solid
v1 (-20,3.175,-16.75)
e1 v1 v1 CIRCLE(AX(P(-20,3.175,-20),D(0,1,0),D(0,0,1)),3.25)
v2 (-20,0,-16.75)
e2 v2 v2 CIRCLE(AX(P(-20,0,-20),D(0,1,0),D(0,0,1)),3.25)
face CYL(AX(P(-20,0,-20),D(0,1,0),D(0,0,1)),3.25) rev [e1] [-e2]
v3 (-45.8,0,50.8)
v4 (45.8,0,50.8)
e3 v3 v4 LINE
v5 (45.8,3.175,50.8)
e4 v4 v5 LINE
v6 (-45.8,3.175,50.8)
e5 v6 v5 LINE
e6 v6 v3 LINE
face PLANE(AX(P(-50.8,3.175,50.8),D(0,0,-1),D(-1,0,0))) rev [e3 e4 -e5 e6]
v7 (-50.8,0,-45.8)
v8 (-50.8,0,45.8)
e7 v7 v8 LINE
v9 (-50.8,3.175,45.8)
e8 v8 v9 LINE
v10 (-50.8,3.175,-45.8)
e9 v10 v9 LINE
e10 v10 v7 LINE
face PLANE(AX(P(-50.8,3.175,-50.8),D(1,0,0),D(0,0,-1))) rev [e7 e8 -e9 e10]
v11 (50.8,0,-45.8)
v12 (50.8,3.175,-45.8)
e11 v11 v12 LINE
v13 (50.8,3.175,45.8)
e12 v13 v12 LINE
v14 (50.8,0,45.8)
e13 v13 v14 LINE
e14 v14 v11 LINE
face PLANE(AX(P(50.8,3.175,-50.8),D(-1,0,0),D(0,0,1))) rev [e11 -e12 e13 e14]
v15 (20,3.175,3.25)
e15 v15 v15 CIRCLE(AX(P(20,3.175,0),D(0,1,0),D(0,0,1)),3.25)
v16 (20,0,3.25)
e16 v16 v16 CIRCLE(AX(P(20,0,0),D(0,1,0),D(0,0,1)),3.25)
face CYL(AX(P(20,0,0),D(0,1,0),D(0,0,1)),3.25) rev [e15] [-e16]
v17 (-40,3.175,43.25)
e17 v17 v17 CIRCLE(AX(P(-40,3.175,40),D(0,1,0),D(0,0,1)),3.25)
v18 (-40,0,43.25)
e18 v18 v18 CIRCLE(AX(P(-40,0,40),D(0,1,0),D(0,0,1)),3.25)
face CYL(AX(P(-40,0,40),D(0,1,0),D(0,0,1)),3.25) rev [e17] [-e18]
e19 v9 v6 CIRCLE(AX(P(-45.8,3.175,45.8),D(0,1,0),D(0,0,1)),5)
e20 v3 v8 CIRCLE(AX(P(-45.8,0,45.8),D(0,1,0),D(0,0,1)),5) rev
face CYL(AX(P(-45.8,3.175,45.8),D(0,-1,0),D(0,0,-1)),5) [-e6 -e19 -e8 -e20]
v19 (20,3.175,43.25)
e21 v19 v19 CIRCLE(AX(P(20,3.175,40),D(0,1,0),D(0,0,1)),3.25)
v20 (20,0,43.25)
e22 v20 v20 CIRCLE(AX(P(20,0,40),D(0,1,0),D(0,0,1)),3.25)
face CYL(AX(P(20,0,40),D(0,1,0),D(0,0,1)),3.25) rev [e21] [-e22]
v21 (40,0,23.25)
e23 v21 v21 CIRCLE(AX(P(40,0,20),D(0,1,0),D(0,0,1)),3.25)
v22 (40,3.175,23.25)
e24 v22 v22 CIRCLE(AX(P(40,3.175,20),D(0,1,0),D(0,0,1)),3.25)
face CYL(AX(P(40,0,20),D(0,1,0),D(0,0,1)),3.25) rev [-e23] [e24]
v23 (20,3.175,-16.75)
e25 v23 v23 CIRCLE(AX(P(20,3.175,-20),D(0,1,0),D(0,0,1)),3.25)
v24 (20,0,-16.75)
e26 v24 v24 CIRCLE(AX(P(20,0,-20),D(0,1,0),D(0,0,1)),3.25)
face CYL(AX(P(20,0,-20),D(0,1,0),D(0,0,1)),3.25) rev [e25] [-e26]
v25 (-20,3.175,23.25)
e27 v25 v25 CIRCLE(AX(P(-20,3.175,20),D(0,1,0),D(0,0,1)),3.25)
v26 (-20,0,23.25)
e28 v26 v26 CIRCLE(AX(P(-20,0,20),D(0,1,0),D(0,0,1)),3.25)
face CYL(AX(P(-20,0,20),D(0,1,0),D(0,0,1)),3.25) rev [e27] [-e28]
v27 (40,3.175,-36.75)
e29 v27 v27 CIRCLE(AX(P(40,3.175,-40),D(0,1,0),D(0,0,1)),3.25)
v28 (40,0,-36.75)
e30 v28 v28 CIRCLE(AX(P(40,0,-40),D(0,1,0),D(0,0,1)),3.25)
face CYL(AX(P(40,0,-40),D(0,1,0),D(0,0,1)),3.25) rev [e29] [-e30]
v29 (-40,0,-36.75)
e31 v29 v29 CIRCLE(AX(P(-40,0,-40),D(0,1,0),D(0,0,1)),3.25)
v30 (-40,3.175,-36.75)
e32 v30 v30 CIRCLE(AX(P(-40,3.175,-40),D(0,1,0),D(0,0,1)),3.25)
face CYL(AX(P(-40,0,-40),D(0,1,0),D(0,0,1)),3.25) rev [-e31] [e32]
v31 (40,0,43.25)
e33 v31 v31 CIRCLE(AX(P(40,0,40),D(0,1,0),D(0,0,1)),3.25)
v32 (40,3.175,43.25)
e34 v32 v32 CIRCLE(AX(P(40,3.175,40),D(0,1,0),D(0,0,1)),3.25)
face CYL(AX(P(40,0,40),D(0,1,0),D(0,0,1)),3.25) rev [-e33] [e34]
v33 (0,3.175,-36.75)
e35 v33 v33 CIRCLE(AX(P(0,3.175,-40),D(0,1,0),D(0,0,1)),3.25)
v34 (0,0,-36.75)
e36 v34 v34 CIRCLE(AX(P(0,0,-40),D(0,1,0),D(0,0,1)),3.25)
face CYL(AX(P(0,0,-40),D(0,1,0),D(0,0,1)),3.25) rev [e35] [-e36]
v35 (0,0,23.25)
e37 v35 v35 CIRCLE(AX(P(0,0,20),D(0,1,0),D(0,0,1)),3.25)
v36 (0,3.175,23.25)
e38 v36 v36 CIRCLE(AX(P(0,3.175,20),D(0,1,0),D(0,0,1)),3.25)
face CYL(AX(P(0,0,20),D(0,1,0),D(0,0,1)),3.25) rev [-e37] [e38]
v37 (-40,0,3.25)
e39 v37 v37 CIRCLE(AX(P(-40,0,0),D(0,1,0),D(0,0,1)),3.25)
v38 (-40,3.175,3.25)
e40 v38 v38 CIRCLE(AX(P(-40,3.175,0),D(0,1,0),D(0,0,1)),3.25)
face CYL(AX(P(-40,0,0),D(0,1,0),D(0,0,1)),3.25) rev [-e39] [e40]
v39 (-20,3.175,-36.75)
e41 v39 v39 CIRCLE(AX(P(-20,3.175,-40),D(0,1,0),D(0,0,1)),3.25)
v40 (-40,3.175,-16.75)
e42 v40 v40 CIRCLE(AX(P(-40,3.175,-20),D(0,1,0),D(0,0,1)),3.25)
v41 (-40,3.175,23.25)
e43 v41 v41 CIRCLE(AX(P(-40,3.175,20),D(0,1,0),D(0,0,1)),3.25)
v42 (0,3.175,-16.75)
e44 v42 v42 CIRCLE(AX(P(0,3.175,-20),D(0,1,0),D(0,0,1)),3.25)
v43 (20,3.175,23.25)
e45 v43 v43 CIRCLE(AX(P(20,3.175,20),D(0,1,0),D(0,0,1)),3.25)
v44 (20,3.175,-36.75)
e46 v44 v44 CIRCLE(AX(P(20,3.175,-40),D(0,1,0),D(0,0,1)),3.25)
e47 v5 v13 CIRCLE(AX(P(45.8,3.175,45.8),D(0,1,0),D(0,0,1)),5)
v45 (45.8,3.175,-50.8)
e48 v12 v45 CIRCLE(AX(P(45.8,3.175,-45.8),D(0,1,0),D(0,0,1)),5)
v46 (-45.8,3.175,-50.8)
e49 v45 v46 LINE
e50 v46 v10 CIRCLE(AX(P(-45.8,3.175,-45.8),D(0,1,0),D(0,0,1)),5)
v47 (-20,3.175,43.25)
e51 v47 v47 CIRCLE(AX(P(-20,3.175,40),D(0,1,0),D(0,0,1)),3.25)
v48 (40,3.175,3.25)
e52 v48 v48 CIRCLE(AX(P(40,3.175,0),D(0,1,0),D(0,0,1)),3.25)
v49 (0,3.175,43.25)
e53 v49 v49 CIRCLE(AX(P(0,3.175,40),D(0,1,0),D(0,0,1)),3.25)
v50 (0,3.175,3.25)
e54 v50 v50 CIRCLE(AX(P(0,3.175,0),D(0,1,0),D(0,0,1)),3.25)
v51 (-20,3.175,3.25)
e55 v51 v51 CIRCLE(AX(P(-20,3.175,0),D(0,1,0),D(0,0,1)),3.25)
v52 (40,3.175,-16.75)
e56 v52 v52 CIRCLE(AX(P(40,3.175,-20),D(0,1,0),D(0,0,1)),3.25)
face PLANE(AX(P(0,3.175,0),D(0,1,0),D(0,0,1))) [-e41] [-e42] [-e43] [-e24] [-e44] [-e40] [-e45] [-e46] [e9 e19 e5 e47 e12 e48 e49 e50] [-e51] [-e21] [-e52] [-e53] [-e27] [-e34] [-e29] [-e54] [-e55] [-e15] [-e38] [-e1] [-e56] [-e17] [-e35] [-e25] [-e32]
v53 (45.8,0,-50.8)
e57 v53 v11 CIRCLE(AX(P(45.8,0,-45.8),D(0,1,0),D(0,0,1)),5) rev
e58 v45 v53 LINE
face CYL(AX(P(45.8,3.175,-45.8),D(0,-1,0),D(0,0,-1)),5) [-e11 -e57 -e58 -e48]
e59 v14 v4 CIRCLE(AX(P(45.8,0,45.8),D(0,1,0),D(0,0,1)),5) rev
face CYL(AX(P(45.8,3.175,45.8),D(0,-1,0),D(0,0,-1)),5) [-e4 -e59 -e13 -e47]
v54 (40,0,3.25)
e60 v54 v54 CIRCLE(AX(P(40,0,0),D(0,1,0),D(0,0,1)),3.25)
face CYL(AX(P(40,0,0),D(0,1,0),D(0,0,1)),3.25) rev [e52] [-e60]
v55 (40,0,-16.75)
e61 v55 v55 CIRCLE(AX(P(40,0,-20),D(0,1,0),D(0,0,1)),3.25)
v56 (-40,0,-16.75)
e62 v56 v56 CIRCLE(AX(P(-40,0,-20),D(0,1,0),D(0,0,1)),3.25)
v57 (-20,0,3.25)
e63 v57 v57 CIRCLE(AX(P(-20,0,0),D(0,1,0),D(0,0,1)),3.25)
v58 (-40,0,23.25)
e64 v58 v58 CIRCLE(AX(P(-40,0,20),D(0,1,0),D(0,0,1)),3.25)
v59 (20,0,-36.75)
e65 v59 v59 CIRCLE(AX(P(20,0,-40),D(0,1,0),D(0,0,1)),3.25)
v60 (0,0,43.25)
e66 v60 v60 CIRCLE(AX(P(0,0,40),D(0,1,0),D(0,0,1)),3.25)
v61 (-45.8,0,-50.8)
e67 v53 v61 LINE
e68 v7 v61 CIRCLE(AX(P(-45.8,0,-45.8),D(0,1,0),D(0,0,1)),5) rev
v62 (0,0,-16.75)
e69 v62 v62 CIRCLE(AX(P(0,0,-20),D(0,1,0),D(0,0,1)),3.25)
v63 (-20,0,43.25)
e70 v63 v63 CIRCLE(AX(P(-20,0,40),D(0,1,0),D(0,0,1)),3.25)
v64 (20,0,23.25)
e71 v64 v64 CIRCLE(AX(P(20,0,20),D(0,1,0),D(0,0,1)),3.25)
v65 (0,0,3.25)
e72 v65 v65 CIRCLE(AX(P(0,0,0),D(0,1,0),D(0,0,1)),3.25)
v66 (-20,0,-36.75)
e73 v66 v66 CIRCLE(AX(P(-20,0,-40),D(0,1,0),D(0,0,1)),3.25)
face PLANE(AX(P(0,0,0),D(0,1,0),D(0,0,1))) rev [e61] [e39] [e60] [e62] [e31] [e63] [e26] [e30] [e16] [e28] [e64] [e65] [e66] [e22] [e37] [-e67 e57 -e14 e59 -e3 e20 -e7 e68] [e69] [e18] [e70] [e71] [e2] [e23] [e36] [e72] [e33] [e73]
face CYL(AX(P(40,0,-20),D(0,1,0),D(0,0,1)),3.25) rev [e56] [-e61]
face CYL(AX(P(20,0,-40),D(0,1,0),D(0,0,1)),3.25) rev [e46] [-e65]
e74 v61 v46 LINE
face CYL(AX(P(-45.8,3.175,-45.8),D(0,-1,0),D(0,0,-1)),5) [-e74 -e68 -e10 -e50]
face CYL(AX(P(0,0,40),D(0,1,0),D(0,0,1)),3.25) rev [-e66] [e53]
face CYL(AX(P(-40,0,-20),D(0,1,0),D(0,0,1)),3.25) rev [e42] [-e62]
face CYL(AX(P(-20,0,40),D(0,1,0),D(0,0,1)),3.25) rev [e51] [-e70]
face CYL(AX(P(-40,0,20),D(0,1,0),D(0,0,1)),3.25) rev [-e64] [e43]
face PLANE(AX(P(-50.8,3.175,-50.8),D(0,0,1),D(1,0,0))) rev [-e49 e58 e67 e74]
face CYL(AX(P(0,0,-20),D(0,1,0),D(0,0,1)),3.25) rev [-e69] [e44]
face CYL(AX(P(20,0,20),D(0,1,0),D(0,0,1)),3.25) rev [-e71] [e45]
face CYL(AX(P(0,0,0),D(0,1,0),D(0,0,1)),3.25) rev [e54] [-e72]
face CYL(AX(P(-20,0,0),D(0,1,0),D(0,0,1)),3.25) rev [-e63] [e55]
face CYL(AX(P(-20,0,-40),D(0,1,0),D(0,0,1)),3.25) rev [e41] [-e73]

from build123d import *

# Parameters (mm, degrees)
SKETCH1_W           = 101.6
SKETCH1_H           = 101.6
BOSS_EXTRUDE1_DEPTH = 3.175
FILLET1_R           = 5
SKETCH2_R           = 3.25
CUT_EXTRUDE1_DEPTH  = 3.175
LPATTERN1_COUNT     = 3
LPATTERN1_PITCH     = 20
LPATTERN2_COUNT     = 3
LPATTERN2_PITCH     = 20


with BuildPart() as part:
    # Sketch1 → Boss-Extrude1 (new body)
    with BuildSketch(Plane(origin=(0, 0, 0), x_dir=(1, 0, 0), z_dir=(0, 1, 0))):
        Rectangle(SKETCH1_W, SKETCH1_H)
    extrude(amount=BOSS_EXTRUDE1_DEPTH)

    # Fillet1
    fillet1_edges = [part.edges().sort_by_distance(p)[0] for p in [
        (50.8, 1.5875, 50.8),
        (-50.8, 1.5875, 50.8),
        (-50.8, 1.5875, -50.8),
        (50.8, 1.5875, -50.8),
    ]]
    fillet(fillet1_edges, radius=FILLET1_R)

    # Sketch2 → Cut-Extrude1 (cut)
    with BuildSketch(Plane(origin=(0, 3.175, 0), x_dir=(1, 0, 0), z_dir=(0, 1, 0))):
        Circle(SKETCH2_R)
        with Locations((20, 0)):
            Circle(SKETCH2_R)
        with Locations((40, 0)):
            Circle(SKETCH2_R)
        with Locations((-20, 0)):
            Circle(SKETCH2_R)
        with Locations((-40, 0)):
            Circle(SKETCH2_R)
    cut_extrude1 = extrude(amount=-CUT_EXTRUDE1_DEPTH, mode=Mode.SUBTRACT)

    # LPattern1: Cut-Extrude1 ×3
    with Locations(*[(0, 0, i * LPATTERN1_PITCH) for i in range(1, LPATTERN1_COUNT)]):
        add(cut_extrude1, mode=Mode.SUBTRACT)

    # LPattern2: Cut-Extrude1 ×3
    with Locations(*[(0, 0, -i * LPATTERN2_PITCH) for i in range(1, LPATTERN2_COUNT)]):
        add(cut_extrude1, mode=Mode.SUBTRACT)


solid = part.part
